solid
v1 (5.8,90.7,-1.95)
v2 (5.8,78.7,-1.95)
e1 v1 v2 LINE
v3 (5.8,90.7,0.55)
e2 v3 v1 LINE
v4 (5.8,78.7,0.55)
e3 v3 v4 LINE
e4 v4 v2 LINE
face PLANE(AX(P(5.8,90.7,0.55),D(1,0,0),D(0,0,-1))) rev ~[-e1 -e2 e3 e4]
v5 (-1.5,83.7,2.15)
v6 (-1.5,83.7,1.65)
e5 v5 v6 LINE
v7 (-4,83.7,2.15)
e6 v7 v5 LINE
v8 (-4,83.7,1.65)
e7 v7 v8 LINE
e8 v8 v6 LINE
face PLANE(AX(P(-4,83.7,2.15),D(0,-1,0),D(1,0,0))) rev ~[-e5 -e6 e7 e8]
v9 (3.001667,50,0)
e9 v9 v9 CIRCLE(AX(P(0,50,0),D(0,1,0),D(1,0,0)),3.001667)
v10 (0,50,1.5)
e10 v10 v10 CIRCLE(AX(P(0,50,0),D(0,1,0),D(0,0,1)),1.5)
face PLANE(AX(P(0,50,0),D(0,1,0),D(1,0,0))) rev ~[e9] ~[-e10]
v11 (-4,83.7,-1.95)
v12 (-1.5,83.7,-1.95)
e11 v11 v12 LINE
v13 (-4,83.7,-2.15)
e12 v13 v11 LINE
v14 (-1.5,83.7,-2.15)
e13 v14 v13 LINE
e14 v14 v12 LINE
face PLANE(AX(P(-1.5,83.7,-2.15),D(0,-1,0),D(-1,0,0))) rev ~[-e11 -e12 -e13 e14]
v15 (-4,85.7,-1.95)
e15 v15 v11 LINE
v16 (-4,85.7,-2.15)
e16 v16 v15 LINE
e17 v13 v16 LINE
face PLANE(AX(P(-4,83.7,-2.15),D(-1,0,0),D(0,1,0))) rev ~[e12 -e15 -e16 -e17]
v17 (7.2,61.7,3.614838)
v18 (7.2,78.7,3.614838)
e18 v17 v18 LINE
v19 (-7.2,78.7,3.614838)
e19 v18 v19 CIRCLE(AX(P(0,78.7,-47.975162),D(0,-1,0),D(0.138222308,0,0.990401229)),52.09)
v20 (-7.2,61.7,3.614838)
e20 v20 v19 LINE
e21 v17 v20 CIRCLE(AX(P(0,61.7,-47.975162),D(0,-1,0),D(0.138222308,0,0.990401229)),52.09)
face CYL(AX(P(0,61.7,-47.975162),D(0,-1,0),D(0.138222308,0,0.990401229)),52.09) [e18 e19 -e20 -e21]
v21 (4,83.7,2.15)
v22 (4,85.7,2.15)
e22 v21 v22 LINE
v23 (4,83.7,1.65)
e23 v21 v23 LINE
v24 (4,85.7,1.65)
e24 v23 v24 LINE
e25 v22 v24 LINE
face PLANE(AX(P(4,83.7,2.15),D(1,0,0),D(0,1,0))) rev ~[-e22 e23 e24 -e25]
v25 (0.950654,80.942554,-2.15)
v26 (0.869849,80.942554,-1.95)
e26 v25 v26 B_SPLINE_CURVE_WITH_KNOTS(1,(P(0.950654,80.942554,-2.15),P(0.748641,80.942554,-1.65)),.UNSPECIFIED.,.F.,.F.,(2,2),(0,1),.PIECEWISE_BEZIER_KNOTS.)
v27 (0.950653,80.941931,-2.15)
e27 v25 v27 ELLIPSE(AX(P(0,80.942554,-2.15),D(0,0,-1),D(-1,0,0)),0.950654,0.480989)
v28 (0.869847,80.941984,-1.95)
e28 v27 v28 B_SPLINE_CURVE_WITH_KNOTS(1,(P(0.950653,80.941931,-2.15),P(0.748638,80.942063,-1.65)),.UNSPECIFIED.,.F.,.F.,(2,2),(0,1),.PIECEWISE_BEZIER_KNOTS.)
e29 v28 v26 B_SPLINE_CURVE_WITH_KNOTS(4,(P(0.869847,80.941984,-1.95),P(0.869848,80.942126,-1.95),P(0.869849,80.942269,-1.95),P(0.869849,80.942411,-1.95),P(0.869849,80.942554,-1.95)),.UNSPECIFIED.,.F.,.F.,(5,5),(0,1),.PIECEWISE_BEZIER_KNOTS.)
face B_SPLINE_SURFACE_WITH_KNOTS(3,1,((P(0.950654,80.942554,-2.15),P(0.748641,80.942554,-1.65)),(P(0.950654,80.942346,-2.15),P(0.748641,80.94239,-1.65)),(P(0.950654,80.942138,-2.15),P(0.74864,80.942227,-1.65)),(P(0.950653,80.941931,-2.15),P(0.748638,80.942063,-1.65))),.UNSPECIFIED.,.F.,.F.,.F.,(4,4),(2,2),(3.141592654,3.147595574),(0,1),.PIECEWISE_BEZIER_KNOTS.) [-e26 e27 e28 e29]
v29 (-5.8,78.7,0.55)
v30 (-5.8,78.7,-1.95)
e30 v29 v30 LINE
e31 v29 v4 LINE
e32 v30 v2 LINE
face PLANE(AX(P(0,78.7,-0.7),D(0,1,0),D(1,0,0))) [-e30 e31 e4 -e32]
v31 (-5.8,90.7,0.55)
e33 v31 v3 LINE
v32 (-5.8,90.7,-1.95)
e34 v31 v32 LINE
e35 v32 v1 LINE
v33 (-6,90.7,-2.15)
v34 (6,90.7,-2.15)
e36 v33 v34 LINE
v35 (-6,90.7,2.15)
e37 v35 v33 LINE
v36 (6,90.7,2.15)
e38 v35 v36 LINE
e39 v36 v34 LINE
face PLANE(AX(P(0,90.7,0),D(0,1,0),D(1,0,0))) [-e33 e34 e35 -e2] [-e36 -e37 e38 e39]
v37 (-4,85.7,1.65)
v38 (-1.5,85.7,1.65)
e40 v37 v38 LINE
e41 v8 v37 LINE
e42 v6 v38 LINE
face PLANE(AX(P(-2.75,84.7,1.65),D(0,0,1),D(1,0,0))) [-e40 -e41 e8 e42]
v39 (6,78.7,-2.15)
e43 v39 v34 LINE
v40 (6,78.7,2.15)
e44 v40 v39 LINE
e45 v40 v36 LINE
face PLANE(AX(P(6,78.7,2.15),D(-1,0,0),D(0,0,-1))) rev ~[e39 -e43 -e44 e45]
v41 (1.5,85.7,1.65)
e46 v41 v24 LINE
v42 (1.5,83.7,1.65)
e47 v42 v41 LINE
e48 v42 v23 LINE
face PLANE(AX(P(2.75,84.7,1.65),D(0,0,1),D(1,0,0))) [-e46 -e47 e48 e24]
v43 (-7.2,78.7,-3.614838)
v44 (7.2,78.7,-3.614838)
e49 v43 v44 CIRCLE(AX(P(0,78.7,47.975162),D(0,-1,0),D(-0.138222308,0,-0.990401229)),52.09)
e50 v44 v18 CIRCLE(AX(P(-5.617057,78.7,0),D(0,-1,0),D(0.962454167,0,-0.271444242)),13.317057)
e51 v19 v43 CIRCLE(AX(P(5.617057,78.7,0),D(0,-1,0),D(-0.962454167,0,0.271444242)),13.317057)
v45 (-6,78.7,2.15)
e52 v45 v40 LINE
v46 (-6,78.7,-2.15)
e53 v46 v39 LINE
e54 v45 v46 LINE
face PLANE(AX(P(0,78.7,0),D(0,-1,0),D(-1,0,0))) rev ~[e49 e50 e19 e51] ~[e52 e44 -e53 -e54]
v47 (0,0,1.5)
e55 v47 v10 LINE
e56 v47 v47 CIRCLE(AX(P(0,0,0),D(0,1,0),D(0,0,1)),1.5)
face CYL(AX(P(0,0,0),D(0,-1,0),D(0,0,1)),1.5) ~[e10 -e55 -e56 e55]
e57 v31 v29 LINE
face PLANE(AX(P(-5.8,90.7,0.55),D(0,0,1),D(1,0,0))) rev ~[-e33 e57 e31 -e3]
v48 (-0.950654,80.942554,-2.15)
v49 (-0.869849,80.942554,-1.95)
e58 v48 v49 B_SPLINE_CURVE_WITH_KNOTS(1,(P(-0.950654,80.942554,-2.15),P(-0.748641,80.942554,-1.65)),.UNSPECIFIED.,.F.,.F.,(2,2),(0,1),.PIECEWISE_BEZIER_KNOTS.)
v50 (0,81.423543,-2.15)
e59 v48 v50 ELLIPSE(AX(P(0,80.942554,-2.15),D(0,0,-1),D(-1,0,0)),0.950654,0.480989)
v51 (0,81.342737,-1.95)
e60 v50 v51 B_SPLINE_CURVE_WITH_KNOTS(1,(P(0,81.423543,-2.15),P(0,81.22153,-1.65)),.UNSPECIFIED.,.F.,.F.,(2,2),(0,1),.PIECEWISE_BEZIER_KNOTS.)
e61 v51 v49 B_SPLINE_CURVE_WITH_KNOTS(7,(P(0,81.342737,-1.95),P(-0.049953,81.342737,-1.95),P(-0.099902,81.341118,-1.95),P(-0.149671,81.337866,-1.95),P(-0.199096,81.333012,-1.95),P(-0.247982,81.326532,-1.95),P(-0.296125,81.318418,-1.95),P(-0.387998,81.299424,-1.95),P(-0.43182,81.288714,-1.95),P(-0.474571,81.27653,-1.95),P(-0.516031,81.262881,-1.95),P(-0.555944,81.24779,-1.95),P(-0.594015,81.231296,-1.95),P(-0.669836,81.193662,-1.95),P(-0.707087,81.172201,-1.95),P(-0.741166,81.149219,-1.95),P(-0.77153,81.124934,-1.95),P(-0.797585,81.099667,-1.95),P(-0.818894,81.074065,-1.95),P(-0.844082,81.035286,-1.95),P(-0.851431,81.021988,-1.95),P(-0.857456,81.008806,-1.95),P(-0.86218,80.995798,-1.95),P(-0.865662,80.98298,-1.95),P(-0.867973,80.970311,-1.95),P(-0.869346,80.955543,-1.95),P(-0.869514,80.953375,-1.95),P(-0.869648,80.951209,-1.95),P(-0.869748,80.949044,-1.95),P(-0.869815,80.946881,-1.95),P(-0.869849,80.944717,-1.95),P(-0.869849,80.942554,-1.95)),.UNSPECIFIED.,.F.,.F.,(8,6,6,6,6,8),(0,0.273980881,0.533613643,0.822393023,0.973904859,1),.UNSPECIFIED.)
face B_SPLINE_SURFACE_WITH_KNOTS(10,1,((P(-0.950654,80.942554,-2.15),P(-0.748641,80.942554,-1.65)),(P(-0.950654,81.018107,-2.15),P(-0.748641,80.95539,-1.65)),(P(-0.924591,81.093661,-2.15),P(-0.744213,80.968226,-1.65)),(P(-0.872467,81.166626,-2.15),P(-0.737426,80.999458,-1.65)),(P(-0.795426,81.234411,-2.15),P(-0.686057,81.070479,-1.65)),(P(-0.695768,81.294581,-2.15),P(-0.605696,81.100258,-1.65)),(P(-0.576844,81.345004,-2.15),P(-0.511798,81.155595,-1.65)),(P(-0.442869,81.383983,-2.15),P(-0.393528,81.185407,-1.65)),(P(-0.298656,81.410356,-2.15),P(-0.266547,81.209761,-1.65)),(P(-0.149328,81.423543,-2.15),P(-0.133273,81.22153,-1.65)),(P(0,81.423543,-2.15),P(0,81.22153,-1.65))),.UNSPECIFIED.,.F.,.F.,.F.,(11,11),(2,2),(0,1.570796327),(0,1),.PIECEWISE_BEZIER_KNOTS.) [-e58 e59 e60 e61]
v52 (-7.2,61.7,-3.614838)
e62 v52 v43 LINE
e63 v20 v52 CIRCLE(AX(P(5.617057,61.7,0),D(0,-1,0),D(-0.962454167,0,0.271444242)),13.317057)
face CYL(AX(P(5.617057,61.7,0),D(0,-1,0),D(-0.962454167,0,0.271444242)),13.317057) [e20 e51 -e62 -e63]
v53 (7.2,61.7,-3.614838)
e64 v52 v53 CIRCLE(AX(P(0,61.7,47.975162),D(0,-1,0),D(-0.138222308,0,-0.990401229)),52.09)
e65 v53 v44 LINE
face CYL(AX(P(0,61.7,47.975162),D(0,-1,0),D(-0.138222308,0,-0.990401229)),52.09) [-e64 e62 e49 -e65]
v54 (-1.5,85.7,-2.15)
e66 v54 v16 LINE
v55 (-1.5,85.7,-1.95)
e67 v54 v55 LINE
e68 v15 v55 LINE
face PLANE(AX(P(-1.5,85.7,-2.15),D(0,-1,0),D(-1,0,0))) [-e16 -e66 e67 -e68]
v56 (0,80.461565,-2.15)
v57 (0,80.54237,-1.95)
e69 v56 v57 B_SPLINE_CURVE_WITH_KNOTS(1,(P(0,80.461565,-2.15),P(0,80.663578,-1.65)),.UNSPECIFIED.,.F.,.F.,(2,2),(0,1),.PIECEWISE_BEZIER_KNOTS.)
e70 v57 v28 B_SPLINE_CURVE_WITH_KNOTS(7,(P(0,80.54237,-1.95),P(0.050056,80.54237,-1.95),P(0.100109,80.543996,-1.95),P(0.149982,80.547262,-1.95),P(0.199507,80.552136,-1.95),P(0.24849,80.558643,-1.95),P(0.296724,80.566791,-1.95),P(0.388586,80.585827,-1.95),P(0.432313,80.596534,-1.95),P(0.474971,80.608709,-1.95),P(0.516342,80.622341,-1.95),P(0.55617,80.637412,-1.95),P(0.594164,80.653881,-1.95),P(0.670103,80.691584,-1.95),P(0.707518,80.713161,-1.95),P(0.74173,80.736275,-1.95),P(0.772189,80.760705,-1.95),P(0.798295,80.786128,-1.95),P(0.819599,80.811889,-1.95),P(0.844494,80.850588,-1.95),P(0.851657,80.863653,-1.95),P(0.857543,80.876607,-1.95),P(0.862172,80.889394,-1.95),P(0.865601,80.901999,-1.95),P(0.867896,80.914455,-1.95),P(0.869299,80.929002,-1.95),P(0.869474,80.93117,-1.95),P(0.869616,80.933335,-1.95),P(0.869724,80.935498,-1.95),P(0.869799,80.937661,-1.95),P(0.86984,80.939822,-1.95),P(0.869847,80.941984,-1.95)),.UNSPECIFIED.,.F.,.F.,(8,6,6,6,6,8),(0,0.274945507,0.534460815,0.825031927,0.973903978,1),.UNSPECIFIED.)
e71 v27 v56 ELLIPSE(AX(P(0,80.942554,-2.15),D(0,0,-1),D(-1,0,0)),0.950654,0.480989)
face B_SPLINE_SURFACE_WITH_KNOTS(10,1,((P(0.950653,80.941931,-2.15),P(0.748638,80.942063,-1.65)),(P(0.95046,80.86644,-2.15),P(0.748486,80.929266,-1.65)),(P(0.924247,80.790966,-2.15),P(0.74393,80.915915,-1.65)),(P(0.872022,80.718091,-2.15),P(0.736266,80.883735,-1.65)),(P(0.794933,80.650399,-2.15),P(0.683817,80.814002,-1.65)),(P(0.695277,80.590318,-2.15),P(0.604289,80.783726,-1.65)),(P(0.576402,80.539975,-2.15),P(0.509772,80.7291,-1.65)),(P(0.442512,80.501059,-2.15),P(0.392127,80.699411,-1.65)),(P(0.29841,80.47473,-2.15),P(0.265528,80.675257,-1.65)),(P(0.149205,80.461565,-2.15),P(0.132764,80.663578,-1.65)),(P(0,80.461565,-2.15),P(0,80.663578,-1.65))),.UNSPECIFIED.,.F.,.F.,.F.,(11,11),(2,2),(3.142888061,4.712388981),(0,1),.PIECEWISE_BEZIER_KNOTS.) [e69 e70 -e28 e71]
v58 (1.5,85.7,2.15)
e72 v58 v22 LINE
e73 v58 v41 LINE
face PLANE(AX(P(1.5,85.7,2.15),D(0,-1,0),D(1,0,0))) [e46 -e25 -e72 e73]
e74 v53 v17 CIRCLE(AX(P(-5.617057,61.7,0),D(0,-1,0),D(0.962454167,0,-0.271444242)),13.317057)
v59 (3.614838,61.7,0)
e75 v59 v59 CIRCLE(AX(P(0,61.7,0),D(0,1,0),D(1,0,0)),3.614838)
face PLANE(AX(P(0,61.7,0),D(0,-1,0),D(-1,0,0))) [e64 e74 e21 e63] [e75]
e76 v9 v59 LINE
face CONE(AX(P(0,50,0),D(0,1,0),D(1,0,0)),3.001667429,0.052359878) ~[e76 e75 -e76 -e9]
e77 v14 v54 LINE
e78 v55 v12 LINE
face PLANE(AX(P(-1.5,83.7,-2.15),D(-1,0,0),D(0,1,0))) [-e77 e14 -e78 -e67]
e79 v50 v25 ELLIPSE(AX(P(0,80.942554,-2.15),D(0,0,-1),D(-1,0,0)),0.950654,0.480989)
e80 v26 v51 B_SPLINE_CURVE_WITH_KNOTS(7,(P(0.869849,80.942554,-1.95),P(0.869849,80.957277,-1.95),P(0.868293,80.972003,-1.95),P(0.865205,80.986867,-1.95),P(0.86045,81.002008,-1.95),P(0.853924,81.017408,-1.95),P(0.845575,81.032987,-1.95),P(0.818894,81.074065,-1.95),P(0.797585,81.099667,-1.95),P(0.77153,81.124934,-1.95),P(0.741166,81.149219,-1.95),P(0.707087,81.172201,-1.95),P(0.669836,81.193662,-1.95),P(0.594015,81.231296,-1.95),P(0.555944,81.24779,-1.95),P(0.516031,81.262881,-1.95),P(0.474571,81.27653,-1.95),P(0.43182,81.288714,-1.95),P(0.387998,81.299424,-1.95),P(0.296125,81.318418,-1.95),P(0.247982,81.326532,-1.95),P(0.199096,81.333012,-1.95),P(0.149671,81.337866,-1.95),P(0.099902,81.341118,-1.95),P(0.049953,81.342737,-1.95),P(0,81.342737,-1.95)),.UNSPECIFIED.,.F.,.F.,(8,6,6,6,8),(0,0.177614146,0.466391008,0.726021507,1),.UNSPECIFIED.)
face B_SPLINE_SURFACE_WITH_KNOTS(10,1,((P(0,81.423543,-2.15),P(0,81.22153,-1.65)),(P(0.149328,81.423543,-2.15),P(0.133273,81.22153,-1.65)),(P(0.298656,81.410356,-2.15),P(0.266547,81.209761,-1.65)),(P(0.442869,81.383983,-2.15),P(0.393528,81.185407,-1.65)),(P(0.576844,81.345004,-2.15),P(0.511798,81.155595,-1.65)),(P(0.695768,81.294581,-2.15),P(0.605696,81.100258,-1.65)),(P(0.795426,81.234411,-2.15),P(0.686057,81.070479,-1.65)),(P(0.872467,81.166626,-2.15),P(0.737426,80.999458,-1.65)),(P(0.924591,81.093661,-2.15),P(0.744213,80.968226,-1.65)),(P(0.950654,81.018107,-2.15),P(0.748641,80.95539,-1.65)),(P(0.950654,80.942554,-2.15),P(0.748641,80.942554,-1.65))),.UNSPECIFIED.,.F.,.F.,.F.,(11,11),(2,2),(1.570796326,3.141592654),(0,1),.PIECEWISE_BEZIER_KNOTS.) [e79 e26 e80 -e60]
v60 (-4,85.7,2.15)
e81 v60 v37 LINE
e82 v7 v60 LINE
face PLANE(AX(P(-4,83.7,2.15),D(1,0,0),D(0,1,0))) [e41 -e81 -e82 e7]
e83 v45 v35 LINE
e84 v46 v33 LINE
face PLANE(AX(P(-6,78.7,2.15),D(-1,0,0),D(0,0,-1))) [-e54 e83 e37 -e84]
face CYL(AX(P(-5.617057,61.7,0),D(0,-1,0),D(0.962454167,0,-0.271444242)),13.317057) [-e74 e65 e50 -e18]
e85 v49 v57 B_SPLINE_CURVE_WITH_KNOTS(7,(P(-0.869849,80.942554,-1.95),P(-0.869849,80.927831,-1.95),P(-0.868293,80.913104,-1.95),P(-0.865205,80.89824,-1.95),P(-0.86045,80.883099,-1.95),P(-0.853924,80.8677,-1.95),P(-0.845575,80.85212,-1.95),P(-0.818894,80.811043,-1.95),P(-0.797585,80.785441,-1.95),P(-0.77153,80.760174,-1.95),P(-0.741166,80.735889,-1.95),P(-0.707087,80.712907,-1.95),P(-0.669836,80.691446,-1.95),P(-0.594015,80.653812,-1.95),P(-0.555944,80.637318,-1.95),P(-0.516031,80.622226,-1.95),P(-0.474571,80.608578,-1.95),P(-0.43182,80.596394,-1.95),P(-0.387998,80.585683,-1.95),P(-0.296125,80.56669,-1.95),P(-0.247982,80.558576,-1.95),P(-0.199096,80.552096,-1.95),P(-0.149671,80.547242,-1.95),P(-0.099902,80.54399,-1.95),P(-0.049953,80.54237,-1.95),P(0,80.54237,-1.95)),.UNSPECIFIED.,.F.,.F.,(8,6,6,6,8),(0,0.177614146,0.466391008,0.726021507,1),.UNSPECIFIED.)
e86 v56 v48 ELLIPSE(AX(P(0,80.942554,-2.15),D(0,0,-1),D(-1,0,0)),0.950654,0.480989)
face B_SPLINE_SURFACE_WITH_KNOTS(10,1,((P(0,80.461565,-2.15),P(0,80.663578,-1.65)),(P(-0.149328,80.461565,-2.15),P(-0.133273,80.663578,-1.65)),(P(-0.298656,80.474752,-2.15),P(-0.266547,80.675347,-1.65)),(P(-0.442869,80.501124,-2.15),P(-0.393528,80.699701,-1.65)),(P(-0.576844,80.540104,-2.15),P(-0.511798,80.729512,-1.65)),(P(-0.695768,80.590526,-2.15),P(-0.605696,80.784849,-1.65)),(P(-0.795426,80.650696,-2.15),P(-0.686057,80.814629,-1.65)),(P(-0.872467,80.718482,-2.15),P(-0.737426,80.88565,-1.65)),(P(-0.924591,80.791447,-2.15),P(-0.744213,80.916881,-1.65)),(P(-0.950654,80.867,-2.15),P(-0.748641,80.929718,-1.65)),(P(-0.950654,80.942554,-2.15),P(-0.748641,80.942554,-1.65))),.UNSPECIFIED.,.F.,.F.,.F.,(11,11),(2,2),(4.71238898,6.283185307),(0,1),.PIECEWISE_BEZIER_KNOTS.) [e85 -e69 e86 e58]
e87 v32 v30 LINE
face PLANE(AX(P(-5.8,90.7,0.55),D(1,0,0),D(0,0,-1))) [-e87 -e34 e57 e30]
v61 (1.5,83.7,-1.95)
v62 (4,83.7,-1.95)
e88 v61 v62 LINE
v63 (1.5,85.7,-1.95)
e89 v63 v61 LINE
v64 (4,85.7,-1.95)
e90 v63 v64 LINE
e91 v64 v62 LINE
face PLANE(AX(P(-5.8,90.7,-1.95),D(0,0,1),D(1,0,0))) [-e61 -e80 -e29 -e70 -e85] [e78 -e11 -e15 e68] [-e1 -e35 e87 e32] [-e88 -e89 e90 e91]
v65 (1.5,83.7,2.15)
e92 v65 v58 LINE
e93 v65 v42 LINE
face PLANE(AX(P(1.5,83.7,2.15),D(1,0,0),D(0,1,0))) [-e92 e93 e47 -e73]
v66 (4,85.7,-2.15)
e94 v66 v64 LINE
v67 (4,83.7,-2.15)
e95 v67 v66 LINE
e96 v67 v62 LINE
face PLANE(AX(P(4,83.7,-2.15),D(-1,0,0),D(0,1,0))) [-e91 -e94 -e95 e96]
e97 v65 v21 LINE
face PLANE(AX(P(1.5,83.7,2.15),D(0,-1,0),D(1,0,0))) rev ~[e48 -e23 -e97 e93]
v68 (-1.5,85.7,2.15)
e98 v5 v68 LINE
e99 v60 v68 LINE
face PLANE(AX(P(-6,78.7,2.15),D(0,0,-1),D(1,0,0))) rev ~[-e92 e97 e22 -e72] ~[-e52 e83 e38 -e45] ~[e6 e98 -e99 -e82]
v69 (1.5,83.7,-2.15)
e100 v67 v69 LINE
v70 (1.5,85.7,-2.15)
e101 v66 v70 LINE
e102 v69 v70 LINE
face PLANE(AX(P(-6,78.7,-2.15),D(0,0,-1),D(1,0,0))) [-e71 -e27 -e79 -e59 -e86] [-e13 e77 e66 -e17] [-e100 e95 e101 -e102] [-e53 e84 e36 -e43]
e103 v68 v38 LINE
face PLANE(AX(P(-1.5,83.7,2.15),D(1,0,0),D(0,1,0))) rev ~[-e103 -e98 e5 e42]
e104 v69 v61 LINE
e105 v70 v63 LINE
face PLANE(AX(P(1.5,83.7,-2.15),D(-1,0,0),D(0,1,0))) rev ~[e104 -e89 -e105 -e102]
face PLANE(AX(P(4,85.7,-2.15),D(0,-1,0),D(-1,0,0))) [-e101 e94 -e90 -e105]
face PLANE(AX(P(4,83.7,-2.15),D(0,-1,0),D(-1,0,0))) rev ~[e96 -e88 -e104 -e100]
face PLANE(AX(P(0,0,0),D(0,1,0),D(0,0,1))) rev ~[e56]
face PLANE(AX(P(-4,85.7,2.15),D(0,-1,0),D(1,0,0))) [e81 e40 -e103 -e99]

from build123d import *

# Parameters (mm, degrees)
SKETCH1_R           = 1.5
BOSS_EXTRUDE1_DEPTH = 50
SKETCH2_R           = 3.001667429
BOSS_EXTRUDE2_DEPTH = 11.7
BOSS_EXTRUDE2_DRAFT = -3
BOSS_EXTRUDE3_DEPTH = 17
SKETCH10_W          = 12
SKETCH10_H          = 4.3
BOSS_EXTRUDE4_DEPTH = 12
SKETCH11_W          = 11.6
SKETCH11_H          = 2.5
CUT_EXTRUDE1_DEPTH  = 12
SKETCH12_W          = 2.5
SKETCH12_H          = 2
CUT_EXTRUDE2_DEPTH  = 0.5
SKETCH14_W          = 2.5
SKETCH14_H          = 2
CUT_EXTRUDE4_DEPTH  = 0.5
SKETCH16_RX         = 0.950654257
SKETCH16_RY         = 0.480988828
CUT_EXTRUDE5_DEPTH  = 0.5
CUT_EXTRUDE5_TAPER  = 22


with BuildPart() as part:
    # Sketch1 → Boss-Extrude1 (new body)
    with BuildSketch(Plane(origin=(0, 0, 0), x_dir=(1, 0, 0), z_dir=(0, 1, 0))):
        with Locations(Location((0, 0, 0), (0, 0, 270))):
            Circle(SKETCH1_R)
    extrude(amount=BOSS_EXTRUDE1_DEPTH)


with BuildPart() as boss_extrude2_tool:
    # Sketch2 → Boss-Extrude2 (with draft: the straight prism first)
    with BuildSketch(Plane(origin=(0, 50, 0), x_dir=(1, 0, 0), z_dir=(0, 1, 0))):
        Circle(SKETCH2_R)
    extrude(amount=BOSS_EXTRUDE2_DEPTH)
    # Boss-Extrude2: the draft: its side faces are tilted about the plane it starts from
    boss_extrude2_sides = [boss_extrude2_tool.faces().sort_by_distance(p)[0] for p in [
        (-3.001667429, 55.85, 0),
    ]]
    draft(boss_extrude2_sides, Plane(origin=(0, 50, 0), x_dir=(1, 0, 0), z_dir=(0, 1, 0)), BOSS_EXTRUDE2_DRAFT)


with BuildPart() as part_1:
    add(part.part)

    # Boss-Extrude2: add boss_extrude2_tool
    add(boss_extrude2_tool.part)

    # Sketch9 → Boss-Extrude3 (add)
    with BuildSketch(Plane(origin=(0, 61.7, 0), x_dir=(1, 0, 0), z_dir=(0, 1, 0))):
        with BuildLine():
            ThreePointArc((-7.2, 3.614838447), (0, 4.114838447), (7.2, 3.614838447))
            ThreePointArc((7.2, 3.614838447), (7.7, 0), (7.2, -3.614838447))
            ThreePointArc((7.2, -3.614838447), (0, -4.114838447), (-7.2, -3.614838447))
            ThreePointArc((-7.2, -3.614838447), (-7.7, 0), (-7.2, 3.614838447))
        make_face()
    extrude(amount=BOSS_EXTRUDE3_DEPTH)

    # Sketch10 → Boss-Extrude4 (add)
    with BuildSketch(Plane(origin=(0, 78.7, 0), x_dir=(1, 0, 0), z_dir=(0, 1, 0))):
        Rectangle(SKETCH10_W, SKETCH10_H)
    extrude(amount=BOSS_EXTRUDE4_DEPTH)

    # Sketch11 → Cut-Extrude1 (cut)
    with BuildSketch(Plane(origin=(0, 90.7, 0), x_dir=(1, 0, 0), z_dir=(0, 1, 0))):
        with Locations((0, 0.7)):
            Rectangle(SKETCH11_W, SKETCH11_H)
    extrude(amount=-CUT_EXTRUDE1_DEPTH, mode=Mode.SUBTRACT)

    # Sketch12 → Cut-Extrude2 (cut)
    with BuildSketch(Plane.XY.offset(2.15)):
        with Locations((-2.75, 84.7)):
            Rectangle(SKETCH12_W, SKETCH12_H)
        with Locations((2.75, 84.7)):
            Rectangle(SKETCH12_W, SKETCH12_H)
    extrude(amount=-CUT_EXTRUDE2_DEPTH, mode=Mode.SUBTRACT)

    # Sketch14 → Cut-Extrude4 (cut)
    with BuildSketch(Plane(origin=(0, 0, -2.15), x_dir=(-1, 0, 0), z_dir=(0, 0, -1))):
        with Locations((-2.75, 84.7)):
            Rectangle(SKETCH14_W, SKETCH14_H)
        with Locations((2.75, 84.7)):
            Rectangle(SKETCH14_W, SKETCH14_H)
    extrude(amount=-CUT_EXTRUDE4_DEPTH, mode=Mode.SUBTRACT)

    # Sketch16 → Cut-Extrude5 (cut)
    with BuildSketch(Plane(origin=(0, 0, -2.15), x_dir=(-1, 0, 0), z_dir=(0, 0, -1))):
        with Locations((0, 80.942553869)):
            Ellipse(SKETCH16_RX, SKETCH16_RY)
    extrude(amount=-CUT_EXTRUDE5_DEPTH, taper=CUT_EXTRUDE5_TAPER, mode=Mode.SUBTRACT)


solid = part_1.part
